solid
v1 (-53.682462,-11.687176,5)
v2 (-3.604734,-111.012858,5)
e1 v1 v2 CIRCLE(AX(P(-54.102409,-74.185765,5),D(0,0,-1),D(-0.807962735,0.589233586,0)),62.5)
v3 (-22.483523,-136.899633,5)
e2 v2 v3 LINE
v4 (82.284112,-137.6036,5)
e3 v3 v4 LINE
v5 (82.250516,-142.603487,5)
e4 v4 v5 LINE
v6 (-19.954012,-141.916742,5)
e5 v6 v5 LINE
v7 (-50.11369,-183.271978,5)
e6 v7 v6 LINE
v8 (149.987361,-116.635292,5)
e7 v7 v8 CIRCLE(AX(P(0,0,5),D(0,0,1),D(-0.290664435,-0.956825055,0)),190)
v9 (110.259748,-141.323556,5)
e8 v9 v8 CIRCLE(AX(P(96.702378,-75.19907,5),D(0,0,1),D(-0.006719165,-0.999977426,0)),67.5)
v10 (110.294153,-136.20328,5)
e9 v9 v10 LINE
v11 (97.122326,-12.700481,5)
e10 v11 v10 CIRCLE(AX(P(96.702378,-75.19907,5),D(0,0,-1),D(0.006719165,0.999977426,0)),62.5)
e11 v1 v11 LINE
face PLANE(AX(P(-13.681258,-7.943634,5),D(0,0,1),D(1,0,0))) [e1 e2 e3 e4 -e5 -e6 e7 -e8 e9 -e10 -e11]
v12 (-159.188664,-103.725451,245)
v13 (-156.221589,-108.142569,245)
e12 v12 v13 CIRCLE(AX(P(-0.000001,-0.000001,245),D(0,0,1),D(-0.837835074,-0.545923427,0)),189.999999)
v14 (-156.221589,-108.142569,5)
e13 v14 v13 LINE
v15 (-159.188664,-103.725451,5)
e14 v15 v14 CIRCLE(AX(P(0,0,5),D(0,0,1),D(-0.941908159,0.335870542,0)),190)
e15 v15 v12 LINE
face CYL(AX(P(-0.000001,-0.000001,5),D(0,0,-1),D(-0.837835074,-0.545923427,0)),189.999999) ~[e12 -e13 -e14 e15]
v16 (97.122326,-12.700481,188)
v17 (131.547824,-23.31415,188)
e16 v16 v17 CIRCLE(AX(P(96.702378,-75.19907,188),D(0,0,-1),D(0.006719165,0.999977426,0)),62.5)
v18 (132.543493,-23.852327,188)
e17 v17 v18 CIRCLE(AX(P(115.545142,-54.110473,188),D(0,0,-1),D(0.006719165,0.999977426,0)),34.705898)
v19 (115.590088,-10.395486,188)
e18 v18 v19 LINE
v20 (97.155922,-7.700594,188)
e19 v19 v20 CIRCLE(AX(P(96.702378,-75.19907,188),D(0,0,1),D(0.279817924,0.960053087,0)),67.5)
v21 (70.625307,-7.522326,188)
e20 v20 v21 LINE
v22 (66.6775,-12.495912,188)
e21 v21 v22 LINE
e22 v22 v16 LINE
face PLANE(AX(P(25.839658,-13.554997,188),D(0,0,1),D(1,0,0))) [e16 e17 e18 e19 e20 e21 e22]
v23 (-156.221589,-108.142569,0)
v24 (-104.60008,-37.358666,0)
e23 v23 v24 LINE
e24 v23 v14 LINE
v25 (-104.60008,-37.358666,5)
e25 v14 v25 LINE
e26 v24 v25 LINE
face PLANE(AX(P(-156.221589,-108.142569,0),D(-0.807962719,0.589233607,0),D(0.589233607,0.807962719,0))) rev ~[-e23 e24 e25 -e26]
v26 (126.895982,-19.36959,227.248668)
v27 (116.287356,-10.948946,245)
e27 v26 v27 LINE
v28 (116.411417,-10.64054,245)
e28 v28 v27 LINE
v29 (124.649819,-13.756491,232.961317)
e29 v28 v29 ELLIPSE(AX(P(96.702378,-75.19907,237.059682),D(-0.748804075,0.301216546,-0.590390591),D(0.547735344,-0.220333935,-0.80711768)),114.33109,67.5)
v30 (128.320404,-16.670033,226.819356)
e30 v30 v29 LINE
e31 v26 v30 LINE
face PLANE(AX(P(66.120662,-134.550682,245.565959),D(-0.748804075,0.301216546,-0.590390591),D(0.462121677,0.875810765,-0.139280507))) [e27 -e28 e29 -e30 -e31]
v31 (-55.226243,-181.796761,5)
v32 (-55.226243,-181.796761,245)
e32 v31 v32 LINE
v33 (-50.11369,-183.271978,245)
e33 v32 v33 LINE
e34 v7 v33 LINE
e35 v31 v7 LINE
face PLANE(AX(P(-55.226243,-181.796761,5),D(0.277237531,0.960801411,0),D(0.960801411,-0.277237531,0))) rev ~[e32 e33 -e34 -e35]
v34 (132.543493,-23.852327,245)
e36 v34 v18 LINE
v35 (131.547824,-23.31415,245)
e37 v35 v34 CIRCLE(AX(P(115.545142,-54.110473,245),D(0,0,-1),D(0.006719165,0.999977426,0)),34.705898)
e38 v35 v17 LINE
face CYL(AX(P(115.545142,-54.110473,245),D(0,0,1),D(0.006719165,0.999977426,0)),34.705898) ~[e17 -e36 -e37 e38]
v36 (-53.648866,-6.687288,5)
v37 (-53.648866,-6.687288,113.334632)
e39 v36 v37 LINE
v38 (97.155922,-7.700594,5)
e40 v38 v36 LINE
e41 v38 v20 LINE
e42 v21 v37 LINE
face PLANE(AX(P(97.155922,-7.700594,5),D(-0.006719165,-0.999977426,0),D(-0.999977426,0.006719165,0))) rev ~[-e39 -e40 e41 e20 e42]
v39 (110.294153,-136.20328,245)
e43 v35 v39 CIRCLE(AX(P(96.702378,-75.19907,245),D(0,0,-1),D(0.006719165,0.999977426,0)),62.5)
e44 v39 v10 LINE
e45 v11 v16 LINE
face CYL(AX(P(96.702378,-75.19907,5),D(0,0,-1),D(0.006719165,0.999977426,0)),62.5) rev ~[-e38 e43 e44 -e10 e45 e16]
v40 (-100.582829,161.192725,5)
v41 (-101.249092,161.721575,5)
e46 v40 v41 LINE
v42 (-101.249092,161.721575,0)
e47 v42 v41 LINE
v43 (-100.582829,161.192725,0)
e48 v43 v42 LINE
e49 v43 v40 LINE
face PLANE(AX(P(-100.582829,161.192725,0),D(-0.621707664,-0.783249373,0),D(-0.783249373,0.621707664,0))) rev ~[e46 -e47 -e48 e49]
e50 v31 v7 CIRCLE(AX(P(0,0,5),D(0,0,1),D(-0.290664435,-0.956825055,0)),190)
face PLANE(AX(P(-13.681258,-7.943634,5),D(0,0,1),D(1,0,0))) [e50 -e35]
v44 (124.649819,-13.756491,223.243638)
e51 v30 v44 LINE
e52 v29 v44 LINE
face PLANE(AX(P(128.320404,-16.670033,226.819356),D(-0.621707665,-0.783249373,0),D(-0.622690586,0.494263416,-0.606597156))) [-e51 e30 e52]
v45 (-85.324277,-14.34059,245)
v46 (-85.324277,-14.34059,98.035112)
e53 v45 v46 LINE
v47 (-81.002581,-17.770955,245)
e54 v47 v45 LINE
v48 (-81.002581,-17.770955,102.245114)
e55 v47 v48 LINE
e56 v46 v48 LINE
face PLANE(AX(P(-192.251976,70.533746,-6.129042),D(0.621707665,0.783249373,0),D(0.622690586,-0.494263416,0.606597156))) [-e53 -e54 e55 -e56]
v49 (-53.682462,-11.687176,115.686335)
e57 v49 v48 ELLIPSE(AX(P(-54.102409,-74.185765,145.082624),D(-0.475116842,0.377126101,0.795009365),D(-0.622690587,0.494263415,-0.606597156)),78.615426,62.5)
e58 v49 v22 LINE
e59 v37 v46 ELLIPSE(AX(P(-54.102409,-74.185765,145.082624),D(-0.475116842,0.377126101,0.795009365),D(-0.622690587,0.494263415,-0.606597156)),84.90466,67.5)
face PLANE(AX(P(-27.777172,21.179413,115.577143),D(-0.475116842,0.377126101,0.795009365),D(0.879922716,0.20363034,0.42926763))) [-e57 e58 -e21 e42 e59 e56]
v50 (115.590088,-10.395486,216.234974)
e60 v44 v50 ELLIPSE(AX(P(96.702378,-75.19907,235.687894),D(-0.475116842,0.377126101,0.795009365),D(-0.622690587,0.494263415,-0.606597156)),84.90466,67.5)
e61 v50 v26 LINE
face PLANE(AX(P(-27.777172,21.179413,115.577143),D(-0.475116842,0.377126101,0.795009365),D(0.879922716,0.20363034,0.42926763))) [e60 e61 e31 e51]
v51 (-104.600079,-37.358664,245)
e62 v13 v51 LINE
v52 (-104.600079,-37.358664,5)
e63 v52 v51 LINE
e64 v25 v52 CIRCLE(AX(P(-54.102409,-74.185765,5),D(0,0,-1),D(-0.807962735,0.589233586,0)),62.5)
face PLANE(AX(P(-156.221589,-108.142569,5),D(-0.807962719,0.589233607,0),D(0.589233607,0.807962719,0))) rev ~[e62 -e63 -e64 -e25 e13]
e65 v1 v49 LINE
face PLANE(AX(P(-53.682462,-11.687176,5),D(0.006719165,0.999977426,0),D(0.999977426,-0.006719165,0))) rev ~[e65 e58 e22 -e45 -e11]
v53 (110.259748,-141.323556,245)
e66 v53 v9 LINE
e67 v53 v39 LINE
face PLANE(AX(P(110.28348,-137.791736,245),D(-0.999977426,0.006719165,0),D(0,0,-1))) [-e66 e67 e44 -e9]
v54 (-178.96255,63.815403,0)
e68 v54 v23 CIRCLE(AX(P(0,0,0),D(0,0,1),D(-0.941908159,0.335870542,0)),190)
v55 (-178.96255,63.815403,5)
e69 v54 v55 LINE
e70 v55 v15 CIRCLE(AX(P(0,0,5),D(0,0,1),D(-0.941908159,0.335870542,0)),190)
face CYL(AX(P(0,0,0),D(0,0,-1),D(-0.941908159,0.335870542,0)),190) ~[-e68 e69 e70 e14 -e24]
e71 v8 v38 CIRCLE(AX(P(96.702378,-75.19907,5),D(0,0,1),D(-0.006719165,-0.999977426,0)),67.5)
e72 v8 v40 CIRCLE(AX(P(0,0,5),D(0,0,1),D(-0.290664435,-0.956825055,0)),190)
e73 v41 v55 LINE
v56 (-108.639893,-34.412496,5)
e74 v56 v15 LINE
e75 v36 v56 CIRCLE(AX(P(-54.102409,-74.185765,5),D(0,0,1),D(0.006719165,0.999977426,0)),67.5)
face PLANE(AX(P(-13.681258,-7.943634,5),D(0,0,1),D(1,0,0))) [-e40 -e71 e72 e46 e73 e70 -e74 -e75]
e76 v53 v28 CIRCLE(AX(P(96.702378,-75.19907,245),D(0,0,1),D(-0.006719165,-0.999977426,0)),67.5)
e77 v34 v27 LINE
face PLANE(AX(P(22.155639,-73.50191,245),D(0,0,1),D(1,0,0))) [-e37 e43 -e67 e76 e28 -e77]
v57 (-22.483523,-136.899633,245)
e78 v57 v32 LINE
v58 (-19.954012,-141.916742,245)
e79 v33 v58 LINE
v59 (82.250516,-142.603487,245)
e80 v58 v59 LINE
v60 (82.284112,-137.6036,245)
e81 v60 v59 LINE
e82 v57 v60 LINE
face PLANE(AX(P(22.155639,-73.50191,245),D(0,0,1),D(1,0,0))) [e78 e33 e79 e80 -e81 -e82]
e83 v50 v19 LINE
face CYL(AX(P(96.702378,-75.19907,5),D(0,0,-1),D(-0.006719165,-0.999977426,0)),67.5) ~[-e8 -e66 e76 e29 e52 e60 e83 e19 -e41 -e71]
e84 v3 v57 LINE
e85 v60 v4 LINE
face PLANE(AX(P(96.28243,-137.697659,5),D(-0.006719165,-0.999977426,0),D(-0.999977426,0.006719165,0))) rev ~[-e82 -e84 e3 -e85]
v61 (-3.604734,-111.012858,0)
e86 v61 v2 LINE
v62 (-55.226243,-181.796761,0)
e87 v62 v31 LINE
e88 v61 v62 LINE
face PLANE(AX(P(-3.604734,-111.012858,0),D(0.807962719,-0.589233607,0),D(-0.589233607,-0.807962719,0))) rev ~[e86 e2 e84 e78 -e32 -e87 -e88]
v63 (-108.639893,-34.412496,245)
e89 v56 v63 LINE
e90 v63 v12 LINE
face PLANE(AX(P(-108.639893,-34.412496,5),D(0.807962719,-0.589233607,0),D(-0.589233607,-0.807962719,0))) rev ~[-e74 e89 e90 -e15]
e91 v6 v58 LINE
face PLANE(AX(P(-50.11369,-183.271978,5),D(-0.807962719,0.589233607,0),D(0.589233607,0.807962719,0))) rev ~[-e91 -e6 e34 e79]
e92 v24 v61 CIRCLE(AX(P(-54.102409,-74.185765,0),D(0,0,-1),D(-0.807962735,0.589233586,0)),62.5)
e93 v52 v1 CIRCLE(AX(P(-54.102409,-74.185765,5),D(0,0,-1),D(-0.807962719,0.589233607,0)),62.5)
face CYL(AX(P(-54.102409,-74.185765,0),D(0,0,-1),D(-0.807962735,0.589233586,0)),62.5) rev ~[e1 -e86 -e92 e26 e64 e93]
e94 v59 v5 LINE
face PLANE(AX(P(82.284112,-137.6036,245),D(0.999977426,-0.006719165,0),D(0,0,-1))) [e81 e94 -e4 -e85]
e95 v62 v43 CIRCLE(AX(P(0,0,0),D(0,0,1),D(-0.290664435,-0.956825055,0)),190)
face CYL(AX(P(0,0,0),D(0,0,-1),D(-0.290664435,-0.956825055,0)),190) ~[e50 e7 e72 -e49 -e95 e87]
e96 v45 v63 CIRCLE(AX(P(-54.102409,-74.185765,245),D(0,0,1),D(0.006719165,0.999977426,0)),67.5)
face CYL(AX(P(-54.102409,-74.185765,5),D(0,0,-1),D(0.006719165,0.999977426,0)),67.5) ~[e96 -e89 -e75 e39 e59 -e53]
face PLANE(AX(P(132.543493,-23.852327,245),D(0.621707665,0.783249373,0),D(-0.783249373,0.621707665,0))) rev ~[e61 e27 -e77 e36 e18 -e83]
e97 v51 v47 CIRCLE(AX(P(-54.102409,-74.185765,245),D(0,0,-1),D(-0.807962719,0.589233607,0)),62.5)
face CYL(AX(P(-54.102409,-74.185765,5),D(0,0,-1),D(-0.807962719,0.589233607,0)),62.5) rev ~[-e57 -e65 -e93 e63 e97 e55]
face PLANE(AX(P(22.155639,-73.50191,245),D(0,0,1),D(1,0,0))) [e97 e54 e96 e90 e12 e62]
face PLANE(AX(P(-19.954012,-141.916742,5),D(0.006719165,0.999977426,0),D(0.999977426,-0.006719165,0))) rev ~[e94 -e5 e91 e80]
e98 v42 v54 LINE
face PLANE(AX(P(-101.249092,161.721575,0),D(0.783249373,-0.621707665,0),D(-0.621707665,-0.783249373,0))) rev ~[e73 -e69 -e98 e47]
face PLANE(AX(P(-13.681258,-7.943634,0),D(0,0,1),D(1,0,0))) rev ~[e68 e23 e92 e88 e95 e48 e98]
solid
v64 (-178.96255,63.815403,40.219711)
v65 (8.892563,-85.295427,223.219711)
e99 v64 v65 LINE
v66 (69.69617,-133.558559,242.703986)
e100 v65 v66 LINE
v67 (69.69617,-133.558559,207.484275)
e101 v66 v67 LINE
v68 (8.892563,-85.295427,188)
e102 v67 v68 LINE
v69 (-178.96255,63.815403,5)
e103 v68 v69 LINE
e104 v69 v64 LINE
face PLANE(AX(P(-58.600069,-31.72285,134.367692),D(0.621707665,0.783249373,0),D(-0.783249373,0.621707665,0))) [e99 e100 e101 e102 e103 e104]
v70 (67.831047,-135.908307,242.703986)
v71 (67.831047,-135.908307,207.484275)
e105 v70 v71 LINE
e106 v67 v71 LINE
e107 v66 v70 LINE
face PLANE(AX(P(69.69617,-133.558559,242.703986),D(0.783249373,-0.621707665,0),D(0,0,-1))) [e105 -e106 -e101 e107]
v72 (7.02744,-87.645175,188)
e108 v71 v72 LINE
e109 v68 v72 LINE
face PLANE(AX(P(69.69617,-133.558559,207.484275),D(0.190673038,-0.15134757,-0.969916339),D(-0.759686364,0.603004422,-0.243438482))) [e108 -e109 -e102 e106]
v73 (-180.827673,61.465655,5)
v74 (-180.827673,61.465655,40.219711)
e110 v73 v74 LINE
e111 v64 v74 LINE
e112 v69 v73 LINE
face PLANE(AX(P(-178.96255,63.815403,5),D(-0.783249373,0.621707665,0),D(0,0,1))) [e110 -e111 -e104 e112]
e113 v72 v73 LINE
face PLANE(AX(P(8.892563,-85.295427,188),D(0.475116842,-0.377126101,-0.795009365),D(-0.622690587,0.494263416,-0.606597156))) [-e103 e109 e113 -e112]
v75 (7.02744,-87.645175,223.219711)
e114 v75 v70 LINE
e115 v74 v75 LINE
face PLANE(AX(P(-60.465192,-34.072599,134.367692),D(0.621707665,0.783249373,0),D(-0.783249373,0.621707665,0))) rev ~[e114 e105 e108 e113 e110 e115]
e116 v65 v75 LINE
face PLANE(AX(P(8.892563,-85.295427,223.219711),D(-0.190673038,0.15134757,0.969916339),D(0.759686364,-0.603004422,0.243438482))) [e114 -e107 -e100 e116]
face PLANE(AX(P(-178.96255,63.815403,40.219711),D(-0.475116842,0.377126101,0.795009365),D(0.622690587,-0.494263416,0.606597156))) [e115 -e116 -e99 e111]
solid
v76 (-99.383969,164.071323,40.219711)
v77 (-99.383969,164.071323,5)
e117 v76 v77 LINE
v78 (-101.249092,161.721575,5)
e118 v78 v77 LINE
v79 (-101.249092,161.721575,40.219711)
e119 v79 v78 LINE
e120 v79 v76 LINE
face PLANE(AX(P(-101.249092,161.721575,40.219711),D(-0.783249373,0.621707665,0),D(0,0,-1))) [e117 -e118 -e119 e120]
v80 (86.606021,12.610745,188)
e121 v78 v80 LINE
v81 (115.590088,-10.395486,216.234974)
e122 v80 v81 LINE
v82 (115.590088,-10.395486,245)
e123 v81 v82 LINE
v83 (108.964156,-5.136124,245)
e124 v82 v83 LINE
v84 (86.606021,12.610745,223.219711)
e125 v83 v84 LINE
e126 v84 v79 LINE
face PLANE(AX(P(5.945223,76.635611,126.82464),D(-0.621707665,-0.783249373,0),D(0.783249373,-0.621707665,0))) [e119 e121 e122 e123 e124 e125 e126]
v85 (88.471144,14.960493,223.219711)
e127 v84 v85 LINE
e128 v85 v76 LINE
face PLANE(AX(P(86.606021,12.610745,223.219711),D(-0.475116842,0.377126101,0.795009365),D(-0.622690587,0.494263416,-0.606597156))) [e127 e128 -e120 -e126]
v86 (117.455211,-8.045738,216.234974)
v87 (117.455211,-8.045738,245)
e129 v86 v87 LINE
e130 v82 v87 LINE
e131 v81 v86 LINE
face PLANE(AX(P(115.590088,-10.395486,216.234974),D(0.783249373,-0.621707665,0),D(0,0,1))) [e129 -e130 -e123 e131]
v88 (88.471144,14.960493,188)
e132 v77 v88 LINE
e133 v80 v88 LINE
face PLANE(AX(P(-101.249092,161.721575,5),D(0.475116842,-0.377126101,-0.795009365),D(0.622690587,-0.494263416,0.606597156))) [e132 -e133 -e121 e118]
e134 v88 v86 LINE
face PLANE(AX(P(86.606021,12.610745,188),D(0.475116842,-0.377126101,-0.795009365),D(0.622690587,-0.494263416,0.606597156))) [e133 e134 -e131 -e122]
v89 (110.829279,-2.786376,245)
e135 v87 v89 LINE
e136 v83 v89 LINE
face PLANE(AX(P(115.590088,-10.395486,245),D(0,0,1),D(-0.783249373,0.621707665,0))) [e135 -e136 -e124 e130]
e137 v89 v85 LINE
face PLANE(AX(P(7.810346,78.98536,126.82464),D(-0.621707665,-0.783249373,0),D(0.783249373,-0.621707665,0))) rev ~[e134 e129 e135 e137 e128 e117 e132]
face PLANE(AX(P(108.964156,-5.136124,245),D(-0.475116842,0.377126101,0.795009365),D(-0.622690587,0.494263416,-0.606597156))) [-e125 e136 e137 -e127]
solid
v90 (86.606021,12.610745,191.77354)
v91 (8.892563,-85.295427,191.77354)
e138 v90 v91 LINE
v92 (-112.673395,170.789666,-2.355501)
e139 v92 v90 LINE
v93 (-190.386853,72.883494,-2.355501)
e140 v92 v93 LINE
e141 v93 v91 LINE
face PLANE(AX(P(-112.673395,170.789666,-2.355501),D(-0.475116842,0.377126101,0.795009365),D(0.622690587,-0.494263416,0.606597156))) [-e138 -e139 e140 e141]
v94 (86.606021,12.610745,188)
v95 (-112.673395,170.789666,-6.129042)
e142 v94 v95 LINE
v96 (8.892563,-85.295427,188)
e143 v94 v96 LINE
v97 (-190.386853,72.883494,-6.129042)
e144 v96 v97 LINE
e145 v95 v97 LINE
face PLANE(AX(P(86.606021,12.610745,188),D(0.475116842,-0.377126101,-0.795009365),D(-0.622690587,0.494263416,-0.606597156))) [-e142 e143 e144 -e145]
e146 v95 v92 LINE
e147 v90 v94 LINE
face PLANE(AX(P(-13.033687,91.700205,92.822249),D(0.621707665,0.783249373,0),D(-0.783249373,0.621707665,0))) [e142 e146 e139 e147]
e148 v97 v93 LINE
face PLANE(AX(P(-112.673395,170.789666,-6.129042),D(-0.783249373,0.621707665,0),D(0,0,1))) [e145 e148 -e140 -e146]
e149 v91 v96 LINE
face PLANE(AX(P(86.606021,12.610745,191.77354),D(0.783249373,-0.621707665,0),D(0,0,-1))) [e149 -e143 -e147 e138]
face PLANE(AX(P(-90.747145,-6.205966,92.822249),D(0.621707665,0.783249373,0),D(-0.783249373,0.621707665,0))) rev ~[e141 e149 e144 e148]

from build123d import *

# Parameters (mm, degrees)
BOSS_EXTRUDE1_DEPTH     = 5
BOSS_EXTRUDE2_DEPTH     = 240
CUT_EXTRUDE1_DEPTH      = 57
SKETCH5_W               = 28
SKETCH5_H               = 240
CUT_EXTRUDE2_DEPTH      = 2
CUT_EXTRUDE2_DEPTH_BACK = 10
BOSS_EXTRUDE3_DEPTH     = 3
BOSS_EXTRUDE8_DEPTH     = 125
BOSS_EXTRUDE9_DEPTH     = 3
CUT_EXTRUDE3_DEPTH      = 150


with BuildPart() as part:
    # Sketch1 → Boss-Extrude1 (new body)
    with BuildSketch(Plane.XY):
        with BuildLine():
            Line((-156.221589014, -108.14256852), (-104.600080398, -37.358665564))
            ThreePointArc((-104.600080398, -37.358665564), (-17.275313464, -23.688091466), (-3.604733957, -111.012857552))
            Line((-3.604733957, -111.012857552), (-55.226242573, -181.796760508))
            ThreePointArc((-55.226242573, -181.796760508), (188.36019605, 24.908563671), (-100.582828609, 161.192724988))
            Line((-100.582828609, 161.192724988), (-101.249092052, 161.721574551))
            Line((-101.249092052, 161.721574551), (-178.962550118, 63.815402961))
            ThreePointArc((-178.962550118, 63.815402961), (-188.359995143, -24.91008289), (-156.221589014, -108.14256852))
        make_face()
    extrude(amount=BOSS_EXTRUDE1_DEPTH)

    # Sketch2 → Boss-Extrude2 (add)
    with BuildSketch(Plane.XY.offset(5)):
        with BuildLine():
            Line((-53.682461639, -11.687175551), (97.122325749, -12.700480692))
            ThreePointArc((97.122325749, -12.700480692), (159.200967064, -75.619017647), (96.28243011, -137.697658962))
            Line((96.28243011, -137.697658962), (-22.483523352, -136.899632896))
            Line((-22.483523352, -136.899632896), (-55.226242573, -181.796760508))
            Line((-55.226242573, -181.796760508), (-50.113689849, -183.271978463))
            Line((-50.113689849, -183.271978463), (-19.954012463, -141.916742352))
            Line((-19.954012463, -141.916742352), (96.248834284, -142.697546092))
            ThreePointArc((96.248834284, -142.697546092), (164.200854195, -75.652613472), (97.155921575, -7.700593561))
            Line((97.155921575, -7.700593561), (-53.648865813, -6.68728842))
            ThreePointArc((-53.648865813, -6.68728842), (-84.490563822, -13.912967552), (-108.639893019, -34.412496189))
            Line((-108.639893019, -34.412496189), (-159.188664076, -103.725451215))
            ThreePointArc((-159.188664076, -103.725451215), (-157.720590507, -105.944397352), (-156.221589014, -108.14256852))
            Line((-156.221589014, -108.14256852), (-104.600079422, -37.358664226))
            ThreePointArc((-104.600079422, -37.358664226), (-82.239589425, -18.377619191), (-53.682461639, -11.687175551))
        make_face()
    extrude(amount=BOSS_EXTRUDE2_DEPTH)

    # Sketch3 → Cut-Extrude1 (cut)
    with BuildSketch(Plane.XY.offset(245)):
        with BuildLine():
            Line((-22.32861185, -18.477374243), (115.778336244, -19.405358579))
            ThreePointArc((115.778336244, -19.405358579), (124.443199044, -20.564624968), (132.543492936, -23.852327019))
            Line((132.543492936, -23.852327019), (115.590087785, -10.395486466))
            ThreePointArc((115.590087785, -10.395486466), (106.466425947, -8.409000458), (97.155921575, -7.700593561))
            Line((97.155921575, -7.700593561), (-53.648865813, -6.68728842))
            ThreePointArc((-53.648865813, -6.68728842), (-68.336249989, -8.203586912), (-82.342539109, -12.877159439))
            Line((-82.342539109, -12.877159439), (-77.164256517, -16.987444219))
            Line((-77.164256517, -16.987444219), (-22.32861185, -18.477374243))
        make_face()
    extrude(amount=-CUT_EXTRUDE1_DEPTH, mode=Mode.SUBTRACT)

    # Sketch5 → Cut-Extrude2 (cut, two sides)
    with BuildSketch(Plane(origin=(-0.920845541, -137.044519359, 0), x_dir=(0.999977426, -0.006719165, 0), z_dir=(0.006719165, 0.999977426, 0))) as cut_extrude2_sk:
        with Locations((97.206835425, -125)):
            Rectangle(SKETCH5_W, SKETCH5_H)
    extrude(amount=CUT_EXTRUDE2_DEPTH, mode=Mode.SUBTRACT)
    extrude(cut_extrude2_sk.sketch, amount=-CUT_EXTRUDE2_DEPTH_BACK, mode=Mode.SUBTRACT)

    # Sketch12 → Cut-Extrude3 (cut)
    with BuildSketch(Plane(origin=(-53.721281932, 42.641505871, 89.891408816), x_dir=(-0.879922716, -0.20363034, -0.42926763), z_dir=(0.475116842, -0.377126101, -0.795009365))):
        Polygon((-206.883720933, -112.273873862), (64.877277089, 159.058147248), (157.435069425, 66.354020706), (-136.195988802, -226.813538544), align=None)
    extrude(amount=-CUT_EXTRUDE3_DEPTH, mode=Mode.SUBTRACT)


with BuildPart() as body_2:
    # Sketch8 → Boss-Extrude3 (new body)
    with BuildSketch(Plane(origin=(39.615824932, 49.909421739, 0), x_dir=(0.783249373, -0.621707665, 0), z_dir=(-0.621707665, -0.783249373, 0))):
        Polygon((-179.846830256, 5), (59.99391493, 188), (96.998817362, 216.234973752), (96.998817362, 245), (88.539274328, 245), (59.99391493, 223.219710893), (-179.846830256, 40.219710893), align=None)
    extrude(amount=-BOSS_EXTRUDE3_DEPTH)


with BuildPart() as body_3:
    # Sketch9 → Boss-Extrude8 (new body)
    with BuildSketch(Plane(origin=(39.615824932, 49.909421739, 0), x_dir=(-0.783249373, 0.621707665, 0), z_dir=(0.621707665, 0.783249373, 0))):
        Polygon((-59.99391493, 191.773540453), (-59.99391493, 188), (194.432609905, -6.129041788), (194.432609905, -2.355501335), align=None)
    extrude(amount=-BOSS_EXTRUDE8_DEPTH)


with BuildPart() as body_4:
    # Sketch11 → Boss-Extrude9 (new body)
    with BuildSketch(Plane(origin=(-38.097633135, -47.996749851, 0), x_dir=(0.783249373, -0.621707665, 0), z_dir=(-0.621707665, -0.783249373, 0))):
        Polygon((-179.846830256, 5), (-179.846830256, 40.219710893), (59.99391493, 223.219710893), (137.623861395, 242.703985504), (137.623861395, 207.484274612), (59.99391493, 188), align=None)
    extrude(amount=BOSS_EXTRUDE9_DEPTH)


solid = Compound([part.part, body_2.part, body_3.part, body_4.part])
